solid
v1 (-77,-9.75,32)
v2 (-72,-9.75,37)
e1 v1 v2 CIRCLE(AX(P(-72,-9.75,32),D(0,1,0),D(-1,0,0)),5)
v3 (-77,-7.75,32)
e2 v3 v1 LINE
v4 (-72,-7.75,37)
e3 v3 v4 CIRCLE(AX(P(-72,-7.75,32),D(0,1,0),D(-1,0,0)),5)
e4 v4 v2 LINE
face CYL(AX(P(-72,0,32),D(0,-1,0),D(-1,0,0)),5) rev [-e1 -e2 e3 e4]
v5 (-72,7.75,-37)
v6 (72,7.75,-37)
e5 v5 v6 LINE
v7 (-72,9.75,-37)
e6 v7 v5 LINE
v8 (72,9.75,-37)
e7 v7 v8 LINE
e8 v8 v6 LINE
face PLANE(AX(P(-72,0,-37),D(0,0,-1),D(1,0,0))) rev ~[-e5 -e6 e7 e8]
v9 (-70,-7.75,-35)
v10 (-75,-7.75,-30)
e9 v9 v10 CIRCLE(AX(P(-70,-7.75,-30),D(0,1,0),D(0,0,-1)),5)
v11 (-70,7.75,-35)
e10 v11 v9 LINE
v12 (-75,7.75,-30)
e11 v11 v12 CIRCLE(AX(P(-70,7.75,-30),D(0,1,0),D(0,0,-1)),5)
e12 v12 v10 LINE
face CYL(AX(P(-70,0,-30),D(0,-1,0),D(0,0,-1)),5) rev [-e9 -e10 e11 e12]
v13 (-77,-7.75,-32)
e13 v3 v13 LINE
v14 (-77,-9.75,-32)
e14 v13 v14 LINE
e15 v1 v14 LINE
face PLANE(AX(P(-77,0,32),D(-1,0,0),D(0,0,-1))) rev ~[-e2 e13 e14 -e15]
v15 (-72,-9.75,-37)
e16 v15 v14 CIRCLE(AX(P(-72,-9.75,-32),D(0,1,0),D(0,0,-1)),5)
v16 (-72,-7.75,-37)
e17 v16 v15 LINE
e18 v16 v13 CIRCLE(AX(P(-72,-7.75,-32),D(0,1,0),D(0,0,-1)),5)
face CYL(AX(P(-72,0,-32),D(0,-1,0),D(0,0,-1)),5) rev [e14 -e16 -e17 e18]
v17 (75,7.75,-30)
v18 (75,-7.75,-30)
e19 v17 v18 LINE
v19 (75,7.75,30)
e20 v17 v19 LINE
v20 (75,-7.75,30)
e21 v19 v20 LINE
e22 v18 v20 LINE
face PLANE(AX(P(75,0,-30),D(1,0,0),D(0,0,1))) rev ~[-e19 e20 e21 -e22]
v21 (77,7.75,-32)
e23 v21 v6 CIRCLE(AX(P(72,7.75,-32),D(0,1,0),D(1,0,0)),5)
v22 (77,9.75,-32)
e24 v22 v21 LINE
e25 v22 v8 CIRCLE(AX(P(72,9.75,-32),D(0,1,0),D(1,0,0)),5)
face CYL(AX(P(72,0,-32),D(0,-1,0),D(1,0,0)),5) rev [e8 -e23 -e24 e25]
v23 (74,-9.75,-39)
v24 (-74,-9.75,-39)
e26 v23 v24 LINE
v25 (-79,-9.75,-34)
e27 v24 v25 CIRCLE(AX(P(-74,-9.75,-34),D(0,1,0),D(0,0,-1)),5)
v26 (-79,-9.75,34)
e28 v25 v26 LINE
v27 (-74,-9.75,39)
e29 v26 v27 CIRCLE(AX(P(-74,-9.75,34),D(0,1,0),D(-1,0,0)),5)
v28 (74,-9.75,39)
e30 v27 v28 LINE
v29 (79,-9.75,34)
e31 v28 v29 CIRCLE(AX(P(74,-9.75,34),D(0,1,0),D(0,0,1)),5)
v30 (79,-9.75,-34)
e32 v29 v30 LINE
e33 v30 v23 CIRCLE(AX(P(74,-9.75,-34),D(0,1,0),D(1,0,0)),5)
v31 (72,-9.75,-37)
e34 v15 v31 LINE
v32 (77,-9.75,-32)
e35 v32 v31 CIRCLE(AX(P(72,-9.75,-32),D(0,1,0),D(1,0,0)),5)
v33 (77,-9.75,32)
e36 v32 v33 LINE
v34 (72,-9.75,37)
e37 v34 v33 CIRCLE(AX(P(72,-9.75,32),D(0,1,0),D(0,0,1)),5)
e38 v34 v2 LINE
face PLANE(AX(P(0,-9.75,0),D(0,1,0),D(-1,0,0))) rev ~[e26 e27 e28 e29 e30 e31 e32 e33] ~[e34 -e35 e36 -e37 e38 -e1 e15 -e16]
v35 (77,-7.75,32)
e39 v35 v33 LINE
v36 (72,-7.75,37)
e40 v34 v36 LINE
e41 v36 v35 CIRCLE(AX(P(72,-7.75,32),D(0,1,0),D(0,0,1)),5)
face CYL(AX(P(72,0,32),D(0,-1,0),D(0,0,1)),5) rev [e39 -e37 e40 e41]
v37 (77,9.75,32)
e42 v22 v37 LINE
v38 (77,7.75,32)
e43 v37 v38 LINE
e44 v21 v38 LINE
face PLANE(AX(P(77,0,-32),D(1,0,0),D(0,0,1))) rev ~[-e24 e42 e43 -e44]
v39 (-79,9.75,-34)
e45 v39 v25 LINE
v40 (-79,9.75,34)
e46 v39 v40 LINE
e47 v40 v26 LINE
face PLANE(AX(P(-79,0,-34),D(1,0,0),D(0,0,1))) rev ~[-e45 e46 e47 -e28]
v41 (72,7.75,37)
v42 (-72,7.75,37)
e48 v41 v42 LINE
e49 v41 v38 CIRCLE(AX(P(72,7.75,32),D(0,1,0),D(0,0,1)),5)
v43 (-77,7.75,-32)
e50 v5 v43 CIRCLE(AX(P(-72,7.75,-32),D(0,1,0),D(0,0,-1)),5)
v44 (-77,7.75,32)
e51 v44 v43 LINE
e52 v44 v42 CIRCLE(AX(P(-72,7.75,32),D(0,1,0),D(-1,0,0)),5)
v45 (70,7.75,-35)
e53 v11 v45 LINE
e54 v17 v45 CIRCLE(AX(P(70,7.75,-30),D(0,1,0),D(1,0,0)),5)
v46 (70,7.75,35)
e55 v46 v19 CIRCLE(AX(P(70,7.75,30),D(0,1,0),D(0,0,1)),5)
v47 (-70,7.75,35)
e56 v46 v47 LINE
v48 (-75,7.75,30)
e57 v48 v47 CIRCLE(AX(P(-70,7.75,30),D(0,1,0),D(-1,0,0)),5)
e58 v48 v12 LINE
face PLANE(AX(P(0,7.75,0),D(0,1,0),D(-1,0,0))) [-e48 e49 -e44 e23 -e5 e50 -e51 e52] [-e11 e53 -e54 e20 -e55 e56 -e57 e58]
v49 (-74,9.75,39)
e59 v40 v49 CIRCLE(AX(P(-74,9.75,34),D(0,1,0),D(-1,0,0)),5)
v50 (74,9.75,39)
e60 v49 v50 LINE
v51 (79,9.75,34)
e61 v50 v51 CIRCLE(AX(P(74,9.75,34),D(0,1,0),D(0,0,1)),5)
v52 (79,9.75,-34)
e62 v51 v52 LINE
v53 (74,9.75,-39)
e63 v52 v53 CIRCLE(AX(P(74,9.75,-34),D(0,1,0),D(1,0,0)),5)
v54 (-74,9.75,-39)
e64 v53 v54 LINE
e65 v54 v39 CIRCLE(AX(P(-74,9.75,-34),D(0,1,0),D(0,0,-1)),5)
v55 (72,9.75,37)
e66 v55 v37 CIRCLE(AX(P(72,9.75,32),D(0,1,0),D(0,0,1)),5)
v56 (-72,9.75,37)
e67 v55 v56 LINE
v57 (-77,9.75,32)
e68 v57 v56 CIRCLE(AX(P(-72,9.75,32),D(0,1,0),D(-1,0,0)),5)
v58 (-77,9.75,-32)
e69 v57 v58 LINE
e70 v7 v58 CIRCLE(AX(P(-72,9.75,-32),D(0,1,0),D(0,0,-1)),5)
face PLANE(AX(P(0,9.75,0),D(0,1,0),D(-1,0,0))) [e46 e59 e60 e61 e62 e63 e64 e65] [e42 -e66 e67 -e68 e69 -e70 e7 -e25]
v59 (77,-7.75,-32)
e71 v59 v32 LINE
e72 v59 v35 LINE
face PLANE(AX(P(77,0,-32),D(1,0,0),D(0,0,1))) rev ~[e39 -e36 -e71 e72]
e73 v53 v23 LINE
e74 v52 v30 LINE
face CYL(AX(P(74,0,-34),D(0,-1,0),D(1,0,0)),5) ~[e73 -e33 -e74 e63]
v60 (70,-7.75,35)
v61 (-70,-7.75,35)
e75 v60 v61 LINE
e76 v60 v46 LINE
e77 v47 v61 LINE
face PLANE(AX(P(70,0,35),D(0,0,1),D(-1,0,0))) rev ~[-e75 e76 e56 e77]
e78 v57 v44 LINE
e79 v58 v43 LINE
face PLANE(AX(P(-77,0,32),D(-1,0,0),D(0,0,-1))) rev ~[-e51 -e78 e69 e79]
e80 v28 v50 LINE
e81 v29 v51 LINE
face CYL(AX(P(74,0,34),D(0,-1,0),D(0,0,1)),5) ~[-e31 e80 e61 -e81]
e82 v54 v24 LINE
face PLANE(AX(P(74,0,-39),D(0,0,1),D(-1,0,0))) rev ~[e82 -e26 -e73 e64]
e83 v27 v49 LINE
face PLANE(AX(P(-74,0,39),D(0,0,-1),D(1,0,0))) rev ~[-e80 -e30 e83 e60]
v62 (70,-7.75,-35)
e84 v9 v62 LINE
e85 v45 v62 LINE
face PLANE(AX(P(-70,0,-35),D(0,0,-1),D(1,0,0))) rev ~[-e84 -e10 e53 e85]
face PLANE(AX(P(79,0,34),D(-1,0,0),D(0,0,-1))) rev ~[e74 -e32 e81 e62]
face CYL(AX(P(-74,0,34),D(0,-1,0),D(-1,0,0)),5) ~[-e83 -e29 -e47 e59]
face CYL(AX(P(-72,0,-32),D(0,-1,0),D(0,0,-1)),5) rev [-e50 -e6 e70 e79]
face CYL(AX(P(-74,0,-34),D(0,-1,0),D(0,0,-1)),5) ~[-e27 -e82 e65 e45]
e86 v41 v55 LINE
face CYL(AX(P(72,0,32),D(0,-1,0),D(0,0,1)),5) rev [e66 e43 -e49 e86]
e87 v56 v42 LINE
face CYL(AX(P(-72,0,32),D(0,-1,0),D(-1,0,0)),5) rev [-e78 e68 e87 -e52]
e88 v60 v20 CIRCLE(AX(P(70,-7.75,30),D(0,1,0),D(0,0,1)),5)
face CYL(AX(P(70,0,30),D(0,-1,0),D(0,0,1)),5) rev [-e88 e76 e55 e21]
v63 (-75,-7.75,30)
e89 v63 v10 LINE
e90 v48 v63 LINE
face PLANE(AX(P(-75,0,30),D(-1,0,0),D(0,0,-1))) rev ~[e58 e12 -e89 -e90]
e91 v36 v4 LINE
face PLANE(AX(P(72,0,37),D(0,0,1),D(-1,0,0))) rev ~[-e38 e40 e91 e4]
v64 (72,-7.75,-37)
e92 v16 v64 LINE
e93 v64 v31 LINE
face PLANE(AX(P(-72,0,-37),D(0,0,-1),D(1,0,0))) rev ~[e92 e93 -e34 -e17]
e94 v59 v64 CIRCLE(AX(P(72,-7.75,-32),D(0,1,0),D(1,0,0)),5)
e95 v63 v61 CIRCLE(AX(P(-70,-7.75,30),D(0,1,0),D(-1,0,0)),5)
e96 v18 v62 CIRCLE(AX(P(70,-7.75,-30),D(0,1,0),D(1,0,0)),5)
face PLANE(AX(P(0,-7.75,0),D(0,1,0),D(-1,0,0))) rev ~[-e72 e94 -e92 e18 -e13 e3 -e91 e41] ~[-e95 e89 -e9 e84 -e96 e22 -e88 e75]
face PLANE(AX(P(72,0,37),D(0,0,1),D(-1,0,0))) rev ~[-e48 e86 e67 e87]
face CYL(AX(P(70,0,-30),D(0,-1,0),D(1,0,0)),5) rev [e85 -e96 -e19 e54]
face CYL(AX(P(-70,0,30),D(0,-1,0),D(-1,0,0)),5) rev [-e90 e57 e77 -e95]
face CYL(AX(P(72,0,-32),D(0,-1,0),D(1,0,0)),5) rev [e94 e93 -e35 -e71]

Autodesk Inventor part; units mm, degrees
ref_plane "YZ Plane" through (0, 0, 0) normal (1, 0, 0) x (0, 1, 0)
ref_plane "XZ Plane" through (0, 0, 0) normal (0, 1, 0) x (-1, 0, 0)
ref_plane "XY Plane" through (0, 0, 0) normal (0, 0, 1) x (1, 0, 0)
sketch "Sketch1" plane through (0, 0, 0) normal (0, 1, 0) x (-1, 0, 0)
  line L0 (-70, 35) -> (70, 35)
  line L1 (75, 30) -> (75, -30)
  line L2 (70, -35) -> (-70, -35)
  line L3 (-75, -30) -> (-75, 30)
  line L4 (-75, 35) -> (75, -35) construction
  line L5 (75, 35) -> (-75, -35) construction
  arc A0 (75, 30) -> (70, 35) centre (70, 30) ccw
  arc A1 (70, -35) -> (75, -30) centre (70, -30) ccw
  arc A2 (-70, 35) -> (-75, 30) centre (-70, 30) ccw
  arc A3 (-75, -30) -> (-70, -35) centre (-70, -30) ccw
  line L6 (-72, 37) -> (72, 37)
  line L7 (77, 32) -> (77, -32)
  line L8 (72, -37) -> (-72, -37)
  line L9 (-77, -32) -> (-77, 32)
  line L10 (-77, 37) -> (77, -37) construction
  line L11 (77, 37) -> (-77, -37) construction
  arc A4 (77, 32) -> (72, 37) centre (72, 32) ccw
  arc A5 (72, -37) -> (77, -32) centre (72, -32) ccw
  arc A6 (-77, -32) -> (-72, -37) centre (-72, -32) ccw
  arc A7 (-72, 37) -> (-77, 32) centre (-72, 32) ccw
  line L12 (74, 39) -> (-74, 39)
  line L13 (-79, 34) -> (-79, -34)
  line L14 (-74, -39) -> (74, -39)
  line L15 (79, -34) -> (79, 34)
  line L16 (79, 39) -> (-79, -39) construction
  line L17 (-79, 39) -> (79, -39) construction
  arc A8 (79, 34) -> (74, 39) centre (74, 34) ccw
  arc A9 (-74, 39) -> (-79, 34) centre (-74, 34) ccw
  arc A10 (-79, -34) -> (-74, -39) centre (-74, -34) ccw
  arc A11 (74, -39) -> (79, -34) centre (74, -34) ccw
  point P0 (0, 0)
  dimension "d0" = 150
  dimension "d1" = 70
  dimension "d2" = 5
  dimension "d6" = 2
  dimension "d7" = 2
  dimension "d8" = 5
  dimension "d9" = 4
  dimension "d10" = 4
  dimension "d11" = 5
extrude "Extrusion1" add sketch "Sketch1" along normal mid plane 15.5 contours L6 A4 L7 A5 L8 A6 L9 A7
extrude "Extrusion2" add sketch "Sketch1" along normal mid plane 19.5 contours A8 L15 A11 L14 A10 L13 A9 L12
properties part number "Box2_walls" material "PPS Plastic"
